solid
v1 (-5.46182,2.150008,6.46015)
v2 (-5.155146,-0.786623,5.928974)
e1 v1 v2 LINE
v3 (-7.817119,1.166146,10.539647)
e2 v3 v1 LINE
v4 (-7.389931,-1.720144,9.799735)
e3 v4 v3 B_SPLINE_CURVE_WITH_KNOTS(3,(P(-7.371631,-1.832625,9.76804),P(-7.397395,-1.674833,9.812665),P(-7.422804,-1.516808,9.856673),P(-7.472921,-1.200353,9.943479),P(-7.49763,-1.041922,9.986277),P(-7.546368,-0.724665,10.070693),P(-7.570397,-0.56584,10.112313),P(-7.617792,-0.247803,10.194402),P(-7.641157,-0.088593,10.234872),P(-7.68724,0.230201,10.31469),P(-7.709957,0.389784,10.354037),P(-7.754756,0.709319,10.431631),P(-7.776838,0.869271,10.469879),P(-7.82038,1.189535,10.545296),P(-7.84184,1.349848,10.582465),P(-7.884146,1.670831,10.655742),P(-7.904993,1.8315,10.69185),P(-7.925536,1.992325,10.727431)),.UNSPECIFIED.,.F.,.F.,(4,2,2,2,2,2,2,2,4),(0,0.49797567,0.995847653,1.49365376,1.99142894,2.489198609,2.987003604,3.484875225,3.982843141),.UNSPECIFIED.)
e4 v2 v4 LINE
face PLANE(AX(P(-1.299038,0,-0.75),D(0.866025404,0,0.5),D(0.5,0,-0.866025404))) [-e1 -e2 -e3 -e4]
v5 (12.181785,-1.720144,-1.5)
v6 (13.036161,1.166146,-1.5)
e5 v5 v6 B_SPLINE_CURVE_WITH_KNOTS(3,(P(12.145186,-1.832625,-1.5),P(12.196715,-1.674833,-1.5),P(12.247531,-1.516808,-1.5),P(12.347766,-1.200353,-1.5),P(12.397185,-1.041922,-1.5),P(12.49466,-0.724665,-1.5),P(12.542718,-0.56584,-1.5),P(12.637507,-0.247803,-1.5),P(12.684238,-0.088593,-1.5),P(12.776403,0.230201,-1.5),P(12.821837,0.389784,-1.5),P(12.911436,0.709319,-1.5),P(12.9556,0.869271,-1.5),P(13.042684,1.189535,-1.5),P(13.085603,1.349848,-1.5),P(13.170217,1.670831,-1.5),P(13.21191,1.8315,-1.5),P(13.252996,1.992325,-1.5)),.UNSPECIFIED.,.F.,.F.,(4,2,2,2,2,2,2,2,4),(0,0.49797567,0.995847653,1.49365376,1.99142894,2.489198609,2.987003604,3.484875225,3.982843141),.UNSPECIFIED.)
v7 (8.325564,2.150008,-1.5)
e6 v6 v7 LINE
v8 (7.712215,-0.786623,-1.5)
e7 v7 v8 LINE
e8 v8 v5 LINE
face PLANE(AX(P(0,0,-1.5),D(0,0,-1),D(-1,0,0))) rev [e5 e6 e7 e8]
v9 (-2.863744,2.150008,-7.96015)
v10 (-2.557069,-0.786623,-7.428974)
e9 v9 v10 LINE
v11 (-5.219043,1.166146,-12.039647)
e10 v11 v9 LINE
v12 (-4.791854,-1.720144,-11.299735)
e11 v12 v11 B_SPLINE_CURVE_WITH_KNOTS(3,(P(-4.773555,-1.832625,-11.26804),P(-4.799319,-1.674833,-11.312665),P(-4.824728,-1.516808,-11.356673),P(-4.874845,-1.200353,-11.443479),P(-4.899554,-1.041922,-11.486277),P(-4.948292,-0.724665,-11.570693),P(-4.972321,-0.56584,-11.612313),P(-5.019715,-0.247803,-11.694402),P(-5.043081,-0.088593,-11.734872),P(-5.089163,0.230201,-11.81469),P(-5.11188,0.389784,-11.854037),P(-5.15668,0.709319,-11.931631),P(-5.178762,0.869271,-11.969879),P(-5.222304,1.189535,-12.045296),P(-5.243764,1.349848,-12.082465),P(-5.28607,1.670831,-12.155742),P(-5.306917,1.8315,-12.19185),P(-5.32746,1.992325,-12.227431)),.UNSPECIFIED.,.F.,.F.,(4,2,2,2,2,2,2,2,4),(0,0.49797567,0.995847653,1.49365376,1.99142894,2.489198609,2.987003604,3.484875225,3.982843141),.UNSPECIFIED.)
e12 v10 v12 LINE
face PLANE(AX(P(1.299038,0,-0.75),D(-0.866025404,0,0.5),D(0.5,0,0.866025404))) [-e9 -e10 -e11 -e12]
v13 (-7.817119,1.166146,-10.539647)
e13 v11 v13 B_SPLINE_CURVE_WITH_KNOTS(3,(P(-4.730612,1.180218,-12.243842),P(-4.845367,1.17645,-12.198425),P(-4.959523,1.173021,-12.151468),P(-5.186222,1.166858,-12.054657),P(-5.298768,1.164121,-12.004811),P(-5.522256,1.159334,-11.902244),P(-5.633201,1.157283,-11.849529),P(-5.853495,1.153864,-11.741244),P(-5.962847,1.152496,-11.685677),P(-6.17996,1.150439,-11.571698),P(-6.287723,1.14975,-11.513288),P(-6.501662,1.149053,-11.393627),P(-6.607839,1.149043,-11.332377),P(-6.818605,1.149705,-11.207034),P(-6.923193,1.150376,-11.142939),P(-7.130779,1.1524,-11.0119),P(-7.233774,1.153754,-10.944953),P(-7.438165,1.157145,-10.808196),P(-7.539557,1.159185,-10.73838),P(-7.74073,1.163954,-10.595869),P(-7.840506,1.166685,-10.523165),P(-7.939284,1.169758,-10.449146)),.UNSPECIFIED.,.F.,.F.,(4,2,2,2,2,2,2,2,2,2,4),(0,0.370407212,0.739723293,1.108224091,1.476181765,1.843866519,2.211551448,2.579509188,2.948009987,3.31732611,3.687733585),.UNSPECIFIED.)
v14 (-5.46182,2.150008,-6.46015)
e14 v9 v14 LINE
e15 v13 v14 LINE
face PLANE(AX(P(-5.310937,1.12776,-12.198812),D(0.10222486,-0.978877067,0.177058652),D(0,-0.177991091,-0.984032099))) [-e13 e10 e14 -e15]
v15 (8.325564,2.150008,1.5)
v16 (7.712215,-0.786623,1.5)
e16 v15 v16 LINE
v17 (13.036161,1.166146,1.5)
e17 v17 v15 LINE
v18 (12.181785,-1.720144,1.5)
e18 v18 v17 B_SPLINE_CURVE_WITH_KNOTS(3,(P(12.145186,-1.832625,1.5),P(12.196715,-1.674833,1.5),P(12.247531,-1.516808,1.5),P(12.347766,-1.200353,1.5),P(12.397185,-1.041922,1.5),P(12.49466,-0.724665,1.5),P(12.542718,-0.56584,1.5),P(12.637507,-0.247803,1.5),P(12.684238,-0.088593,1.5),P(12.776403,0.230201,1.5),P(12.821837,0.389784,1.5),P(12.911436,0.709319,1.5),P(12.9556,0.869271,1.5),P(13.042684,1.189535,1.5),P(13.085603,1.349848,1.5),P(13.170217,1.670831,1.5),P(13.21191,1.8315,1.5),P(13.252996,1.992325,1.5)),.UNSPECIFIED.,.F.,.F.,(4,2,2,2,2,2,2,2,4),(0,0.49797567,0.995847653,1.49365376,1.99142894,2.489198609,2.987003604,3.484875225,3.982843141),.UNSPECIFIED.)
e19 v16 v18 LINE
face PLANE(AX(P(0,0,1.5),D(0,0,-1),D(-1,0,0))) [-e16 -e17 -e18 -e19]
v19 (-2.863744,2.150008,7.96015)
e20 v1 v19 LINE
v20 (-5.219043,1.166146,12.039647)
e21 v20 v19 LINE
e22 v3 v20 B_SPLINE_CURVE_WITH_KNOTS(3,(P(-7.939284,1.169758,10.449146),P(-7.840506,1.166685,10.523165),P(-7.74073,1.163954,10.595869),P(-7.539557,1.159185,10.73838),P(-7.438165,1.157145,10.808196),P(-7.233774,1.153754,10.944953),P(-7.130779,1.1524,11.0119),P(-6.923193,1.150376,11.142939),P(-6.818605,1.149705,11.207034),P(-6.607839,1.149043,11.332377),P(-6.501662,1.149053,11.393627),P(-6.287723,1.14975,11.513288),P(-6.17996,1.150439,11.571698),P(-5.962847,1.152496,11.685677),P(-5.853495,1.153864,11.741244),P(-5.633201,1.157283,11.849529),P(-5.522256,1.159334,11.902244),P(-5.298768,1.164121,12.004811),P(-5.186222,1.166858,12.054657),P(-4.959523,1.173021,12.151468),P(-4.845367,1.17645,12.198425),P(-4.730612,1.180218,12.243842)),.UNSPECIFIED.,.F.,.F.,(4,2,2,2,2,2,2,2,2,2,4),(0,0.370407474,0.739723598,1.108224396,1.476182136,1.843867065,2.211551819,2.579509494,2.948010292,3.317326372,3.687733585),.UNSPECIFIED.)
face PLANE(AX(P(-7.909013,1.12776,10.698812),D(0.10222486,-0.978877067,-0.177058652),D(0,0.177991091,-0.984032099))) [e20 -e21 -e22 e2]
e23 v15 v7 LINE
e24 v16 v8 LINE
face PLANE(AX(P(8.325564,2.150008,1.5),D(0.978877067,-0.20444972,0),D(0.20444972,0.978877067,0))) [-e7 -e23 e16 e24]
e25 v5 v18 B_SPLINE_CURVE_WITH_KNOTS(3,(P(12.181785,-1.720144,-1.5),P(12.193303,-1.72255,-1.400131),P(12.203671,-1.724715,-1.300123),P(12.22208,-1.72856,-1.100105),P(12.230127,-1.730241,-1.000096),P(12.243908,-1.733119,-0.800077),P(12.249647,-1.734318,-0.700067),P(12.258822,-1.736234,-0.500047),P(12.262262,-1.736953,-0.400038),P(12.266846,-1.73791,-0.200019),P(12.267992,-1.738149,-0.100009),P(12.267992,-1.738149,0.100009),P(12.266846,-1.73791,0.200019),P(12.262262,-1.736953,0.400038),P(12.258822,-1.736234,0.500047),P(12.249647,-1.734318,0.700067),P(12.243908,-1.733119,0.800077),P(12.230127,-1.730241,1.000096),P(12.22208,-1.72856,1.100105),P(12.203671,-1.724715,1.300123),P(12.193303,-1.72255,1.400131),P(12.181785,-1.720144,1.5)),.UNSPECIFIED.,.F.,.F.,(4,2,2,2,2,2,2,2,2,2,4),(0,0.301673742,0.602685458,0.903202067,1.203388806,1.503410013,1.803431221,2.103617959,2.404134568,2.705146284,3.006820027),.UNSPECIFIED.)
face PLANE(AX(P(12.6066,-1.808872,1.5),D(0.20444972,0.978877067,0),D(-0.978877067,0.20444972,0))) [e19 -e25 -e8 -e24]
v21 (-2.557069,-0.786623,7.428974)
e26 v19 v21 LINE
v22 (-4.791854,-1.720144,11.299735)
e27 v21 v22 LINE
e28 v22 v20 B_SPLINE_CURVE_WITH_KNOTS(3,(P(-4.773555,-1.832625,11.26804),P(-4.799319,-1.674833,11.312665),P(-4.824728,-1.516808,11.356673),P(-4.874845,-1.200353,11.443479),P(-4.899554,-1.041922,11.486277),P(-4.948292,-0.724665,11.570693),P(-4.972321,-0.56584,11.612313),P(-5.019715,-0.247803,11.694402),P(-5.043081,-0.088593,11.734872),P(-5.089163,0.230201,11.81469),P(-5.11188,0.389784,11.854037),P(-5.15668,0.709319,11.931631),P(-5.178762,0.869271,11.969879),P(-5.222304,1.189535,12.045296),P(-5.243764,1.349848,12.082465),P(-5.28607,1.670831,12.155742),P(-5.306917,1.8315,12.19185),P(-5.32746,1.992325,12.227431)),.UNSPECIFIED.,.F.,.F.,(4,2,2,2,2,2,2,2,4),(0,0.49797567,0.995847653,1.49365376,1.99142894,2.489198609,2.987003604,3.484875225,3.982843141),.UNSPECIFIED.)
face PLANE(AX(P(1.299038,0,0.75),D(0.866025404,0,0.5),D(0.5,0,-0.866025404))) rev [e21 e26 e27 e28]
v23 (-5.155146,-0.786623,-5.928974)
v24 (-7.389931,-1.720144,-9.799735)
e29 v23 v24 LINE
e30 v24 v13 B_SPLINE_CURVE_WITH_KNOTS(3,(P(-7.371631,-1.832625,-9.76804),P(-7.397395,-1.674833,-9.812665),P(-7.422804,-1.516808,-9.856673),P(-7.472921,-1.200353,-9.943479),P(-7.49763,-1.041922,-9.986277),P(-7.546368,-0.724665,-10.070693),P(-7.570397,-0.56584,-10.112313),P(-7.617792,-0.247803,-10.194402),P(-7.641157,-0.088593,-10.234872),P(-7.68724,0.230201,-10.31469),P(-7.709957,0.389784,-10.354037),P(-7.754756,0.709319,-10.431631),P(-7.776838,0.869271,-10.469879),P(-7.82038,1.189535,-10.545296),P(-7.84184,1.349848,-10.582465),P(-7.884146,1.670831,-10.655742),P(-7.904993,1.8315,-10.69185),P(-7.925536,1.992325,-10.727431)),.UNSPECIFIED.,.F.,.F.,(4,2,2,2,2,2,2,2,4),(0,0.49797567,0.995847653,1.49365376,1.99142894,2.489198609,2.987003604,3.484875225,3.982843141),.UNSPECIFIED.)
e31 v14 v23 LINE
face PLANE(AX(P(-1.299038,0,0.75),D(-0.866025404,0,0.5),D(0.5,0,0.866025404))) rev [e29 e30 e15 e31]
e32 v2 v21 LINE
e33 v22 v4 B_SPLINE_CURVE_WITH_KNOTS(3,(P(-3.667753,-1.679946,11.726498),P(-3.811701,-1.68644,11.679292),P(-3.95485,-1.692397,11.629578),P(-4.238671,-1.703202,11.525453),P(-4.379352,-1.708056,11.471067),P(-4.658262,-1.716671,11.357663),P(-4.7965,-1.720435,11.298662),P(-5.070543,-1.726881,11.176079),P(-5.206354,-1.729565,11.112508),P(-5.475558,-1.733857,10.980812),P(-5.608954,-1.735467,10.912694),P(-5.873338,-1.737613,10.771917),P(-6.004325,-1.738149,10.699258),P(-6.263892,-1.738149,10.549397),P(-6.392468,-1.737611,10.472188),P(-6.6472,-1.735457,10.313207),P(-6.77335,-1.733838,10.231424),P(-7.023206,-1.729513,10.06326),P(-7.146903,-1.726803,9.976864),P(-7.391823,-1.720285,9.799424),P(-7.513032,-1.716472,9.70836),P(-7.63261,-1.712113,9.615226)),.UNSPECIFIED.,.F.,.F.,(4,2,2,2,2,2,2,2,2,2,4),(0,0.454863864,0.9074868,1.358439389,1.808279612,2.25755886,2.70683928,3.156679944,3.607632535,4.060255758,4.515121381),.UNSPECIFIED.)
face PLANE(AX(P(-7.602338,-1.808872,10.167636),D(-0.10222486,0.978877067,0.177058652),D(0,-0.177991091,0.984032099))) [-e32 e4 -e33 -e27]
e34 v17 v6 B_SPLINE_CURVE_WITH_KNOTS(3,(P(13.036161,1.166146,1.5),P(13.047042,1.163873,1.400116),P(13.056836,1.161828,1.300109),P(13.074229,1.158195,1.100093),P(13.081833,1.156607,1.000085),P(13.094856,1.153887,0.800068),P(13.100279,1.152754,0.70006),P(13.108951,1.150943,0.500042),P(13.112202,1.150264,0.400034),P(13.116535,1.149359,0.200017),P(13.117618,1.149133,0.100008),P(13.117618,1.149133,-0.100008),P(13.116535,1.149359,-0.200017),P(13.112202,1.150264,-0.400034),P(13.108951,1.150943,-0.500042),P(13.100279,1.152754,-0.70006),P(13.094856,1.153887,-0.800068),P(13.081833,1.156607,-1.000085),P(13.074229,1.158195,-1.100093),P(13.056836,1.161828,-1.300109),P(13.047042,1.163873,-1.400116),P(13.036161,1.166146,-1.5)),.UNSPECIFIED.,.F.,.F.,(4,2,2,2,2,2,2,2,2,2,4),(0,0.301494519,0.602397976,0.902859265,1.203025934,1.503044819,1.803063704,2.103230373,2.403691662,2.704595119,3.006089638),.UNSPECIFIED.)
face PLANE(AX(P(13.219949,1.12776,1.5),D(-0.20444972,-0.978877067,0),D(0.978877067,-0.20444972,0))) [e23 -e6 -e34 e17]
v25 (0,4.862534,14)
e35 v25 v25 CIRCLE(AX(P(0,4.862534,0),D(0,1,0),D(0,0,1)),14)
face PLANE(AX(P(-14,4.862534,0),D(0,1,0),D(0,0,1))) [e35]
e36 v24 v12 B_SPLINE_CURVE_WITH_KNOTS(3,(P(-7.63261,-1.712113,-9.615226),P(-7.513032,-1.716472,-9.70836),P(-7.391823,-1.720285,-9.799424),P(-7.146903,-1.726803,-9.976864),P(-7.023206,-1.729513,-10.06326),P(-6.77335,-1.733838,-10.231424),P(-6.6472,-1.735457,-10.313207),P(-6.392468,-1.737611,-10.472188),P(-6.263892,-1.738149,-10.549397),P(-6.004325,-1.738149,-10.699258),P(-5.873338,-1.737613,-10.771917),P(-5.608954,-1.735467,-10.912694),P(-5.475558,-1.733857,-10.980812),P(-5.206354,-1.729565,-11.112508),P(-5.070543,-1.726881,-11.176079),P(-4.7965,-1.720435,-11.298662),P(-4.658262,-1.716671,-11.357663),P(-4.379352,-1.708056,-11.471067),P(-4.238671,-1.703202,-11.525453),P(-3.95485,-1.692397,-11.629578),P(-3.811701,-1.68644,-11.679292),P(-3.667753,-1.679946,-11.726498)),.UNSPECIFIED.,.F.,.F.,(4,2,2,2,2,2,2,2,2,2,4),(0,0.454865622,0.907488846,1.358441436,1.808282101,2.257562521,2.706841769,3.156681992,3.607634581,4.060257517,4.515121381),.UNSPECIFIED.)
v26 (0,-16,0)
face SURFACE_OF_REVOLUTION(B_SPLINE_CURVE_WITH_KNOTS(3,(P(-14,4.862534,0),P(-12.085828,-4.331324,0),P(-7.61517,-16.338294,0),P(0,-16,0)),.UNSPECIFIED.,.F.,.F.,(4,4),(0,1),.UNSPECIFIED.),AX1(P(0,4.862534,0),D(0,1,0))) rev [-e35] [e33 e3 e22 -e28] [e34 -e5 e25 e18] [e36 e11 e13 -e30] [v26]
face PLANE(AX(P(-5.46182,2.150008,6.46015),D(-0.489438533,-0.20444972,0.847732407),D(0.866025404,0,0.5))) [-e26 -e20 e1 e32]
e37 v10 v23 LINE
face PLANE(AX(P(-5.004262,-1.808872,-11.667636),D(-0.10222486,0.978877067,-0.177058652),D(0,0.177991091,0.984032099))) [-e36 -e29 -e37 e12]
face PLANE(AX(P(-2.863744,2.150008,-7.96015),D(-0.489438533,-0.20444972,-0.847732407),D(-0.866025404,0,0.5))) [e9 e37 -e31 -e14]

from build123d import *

# Parameters (mm, degrees)
ENL_V_MAT_EXTRU_1_DEPTH      = 1.5
R_P_TITION_CIRCULAIRE1_COUNT = 3


with BuildPart() as part:
    # Esquisse1 → Révolution1 (revolve)
    with BuildSketch(Plane.XY):
        with BuildLine():
            Line((-14, 4.86253393), (0, 4.86253393))
            Line((0, 4.86253393), (0, -16))
            add(Edge.make_bspline(
                [(-14, 4.86253393), (-12.085828485, -4.33132409), (-7.615170337, -16.338293634), (0, -16)],
                knots=[0, 0, 0, 0, 1, 1, 1, 1], degree=3))
        make_face()
    revolve(axis=Axis((0, 4.86253393, 0), (0, -1, 0)))

    # Esquisse2 → Enlèv. mat.-Extru.1 (cut, symmetric)
    with BuildSketch(Plane.XY):
        Polygon((13.219949482, 1.127759621), (8.325564148, 2.150008223), (7.712214987, -0.786622978), (12.60660032, -1.80887158), align=None)
    enl_v_mat_extru_1 = extrude(amount=ENL_V_MAT_EXTRU_1_DEPTH, both=True, mode=Mode.SUBTRACT)

    # Répétition circulaire1: Enlèv. mat.-Extru.1 ×3 about axis
    r_p_tition_circulaire1_axis = Axis((0, 4.86253393, 0), (0, 1, 0))
    for i in range(1, R_P_TITION_CIRCULAIRE1_COUNT):
        add(enl_v_mat_extru_1.rotate(r_p_tition_circulaire1_axis, i * 360 / R_P_TITION_CIRCULAIRE1_COUNT), mode=Mode.SUBTRACT)


solid = part.part
